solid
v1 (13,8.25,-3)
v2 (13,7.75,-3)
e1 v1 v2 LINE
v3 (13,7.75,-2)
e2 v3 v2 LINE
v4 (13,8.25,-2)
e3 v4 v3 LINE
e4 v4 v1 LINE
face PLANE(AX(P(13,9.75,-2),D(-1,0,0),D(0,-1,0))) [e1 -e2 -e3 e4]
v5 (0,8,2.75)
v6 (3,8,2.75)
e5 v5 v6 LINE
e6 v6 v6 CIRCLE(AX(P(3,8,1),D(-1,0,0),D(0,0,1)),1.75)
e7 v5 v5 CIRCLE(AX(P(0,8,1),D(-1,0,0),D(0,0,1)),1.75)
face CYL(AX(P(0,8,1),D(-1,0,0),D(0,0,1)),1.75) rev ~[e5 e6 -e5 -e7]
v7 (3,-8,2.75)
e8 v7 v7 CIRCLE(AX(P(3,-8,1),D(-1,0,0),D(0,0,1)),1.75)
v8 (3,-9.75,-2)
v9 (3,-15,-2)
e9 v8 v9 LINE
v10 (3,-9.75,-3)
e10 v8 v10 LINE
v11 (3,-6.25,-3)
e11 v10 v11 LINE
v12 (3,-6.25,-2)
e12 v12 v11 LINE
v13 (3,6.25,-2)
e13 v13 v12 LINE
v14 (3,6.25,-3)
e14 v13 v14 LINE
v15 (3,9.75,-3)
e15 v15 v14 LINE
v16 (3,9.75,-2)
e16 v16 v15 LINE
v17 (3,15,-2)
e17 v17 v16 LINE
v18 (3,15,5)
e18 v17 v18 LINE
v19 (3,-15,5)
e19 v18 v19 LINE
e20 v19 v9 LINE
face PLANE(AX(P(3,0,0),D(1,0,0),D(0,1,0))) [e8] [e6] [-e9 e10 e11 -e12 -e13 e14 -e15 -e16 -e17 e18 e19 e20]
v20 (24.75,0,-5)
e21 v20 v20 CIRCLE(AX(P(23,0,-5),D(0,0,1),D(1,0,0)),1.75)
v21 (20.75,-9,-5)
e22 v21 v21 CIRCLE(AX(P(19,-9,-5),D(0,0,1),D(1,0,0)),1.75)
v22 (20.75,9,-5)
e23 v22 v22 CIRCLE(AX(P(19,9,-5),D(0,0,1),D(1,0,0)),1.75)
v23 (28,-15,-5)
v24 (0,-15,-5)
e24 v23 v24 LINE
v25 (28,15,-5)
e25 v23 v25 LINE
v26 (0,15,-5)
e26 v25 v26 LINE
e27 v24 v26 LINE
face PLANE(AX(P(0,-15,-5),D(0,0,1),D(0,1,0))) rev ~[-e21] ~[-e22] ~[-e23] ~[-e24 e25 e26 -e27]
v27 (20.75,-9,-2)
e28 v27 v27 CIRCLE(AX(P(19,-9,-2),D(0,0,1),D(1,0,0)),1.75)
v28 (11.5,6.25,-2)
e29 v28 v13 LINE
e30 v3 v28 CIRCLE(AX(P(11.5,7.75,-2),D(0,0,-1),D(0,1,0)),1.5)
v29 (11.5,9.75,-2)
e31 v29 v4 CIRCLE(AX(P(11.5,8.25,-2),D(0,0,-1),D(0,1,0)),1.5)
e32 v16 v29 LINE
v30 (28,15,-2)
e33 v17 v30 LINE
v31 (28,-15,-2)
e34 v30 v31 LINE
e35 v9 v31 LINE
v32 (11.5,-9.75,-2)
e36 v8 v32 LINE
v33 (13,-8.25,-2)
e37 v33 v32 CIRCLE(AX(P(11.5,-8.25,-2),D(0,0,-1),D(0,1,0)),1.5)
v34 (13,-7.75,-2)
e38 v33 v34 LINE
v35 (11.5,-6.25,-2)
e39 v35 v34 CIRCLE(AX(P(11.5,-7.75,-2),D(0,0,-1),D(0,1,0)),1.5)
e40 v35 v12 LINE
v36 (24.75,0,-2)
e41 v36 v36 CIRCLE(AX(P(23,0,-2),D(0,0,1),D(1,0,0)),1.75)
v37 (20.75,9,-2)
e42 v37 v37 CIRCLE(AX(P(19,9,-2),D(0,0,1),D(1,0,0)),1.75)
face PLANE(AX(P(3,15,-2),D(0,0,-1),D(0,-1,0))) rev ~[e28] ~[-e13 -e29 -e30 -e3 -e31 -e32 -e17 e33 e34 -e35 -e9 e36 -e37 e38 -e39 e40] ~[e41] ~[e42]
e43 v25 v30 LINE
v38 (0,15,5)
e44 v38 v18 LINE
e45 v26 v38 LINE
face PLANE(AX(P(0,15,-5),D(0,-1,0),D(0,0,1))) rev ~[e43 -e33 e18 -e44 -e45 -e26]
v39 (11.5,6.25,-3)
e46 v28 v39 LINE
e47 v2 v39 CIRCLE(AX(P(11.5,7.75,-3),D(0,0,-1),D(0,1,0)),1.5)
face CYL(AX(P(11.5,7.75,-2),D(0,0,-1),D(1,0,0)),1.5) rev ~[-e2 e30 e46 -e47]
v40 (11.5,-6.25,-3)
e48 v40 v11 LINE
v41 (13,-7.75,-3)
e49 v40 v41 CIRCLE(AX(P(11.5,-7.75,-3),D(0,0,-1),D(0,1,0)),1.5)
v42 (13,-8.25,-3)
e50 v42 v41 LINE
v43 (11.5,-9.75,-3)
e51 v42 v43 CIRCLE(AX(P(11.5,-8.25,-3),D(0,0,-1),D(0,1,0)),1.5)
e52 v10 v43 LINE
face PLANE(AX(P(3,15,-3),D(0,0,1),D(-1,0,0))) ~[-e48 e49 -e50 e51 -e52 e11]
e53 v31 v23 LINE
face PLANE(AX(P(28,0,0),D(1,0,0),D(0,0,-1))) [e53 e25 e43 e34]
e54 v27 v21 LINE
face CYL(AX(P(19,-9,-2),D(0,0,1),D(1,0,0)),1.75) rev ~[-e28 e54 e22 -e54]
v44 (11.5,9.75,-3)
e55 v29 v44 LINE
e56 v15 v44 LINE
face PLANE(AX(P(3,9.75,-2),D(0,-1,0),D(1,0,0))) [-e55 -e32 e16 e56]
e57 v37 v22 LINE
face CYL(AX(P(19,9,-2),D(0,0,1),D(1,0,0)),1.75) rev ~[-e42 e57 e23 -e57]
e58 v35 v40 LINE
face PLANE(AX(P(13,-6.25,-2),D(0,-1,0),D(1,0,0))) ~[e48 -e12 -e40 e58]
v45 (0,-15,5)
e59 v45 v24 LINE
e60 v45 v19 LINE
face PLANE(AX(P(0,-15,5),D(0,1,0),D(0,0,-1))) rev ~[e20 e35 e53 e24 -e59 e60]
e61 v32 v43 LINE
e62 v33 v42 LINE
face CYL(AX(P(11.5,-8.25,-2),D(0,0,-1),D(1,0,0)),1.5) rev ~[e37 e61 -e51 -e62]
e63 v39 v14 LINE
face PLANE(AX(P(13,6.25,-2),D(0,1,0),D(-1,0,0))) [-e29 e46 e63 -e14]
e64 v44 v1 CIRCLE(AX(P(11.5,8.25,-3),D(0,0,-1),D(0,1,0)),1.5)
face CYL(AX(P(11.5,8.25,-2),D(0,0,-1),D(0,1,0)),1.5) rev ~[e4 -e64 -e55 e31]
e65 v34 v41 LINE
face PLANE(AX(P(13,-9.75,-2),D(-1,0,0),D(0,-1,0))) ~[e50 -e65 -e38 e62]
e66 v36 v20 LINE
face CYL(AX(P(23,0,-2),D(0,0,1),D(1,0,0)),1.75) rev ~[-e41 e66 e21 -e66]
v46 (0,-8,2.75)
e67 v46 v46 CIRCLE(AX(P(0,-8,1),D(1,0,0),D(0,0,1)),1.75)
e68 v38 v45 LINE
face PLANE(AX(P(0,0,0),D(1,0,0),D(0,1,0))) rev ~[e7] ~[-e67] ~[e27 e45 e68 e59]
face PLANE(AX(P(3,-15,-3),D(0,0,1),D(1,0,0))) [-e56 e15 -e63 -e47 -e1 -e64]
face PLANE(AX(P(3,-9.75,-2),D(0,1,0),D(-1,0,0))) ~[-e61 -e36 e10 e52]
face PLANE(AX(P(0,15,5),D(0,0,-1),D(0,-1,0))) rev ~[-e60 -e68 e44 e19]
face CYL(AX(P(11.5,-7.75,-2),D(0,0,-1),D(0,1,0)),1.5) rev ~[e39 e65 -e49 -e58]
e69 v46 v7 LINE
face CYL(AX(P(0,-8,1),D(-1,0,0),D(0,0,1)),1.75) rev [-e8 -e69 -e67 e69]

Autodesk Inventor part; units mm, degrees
ref_plane "YZ Plane" through (0, 0, 0) normal (1, 0, 0) x (0, 1, 0)
ref_plane "XZ Plane" through (0, 0, 0) normal (0, 1, 0) x (-1, 0, 0)
ref_plane "XY Plane" through (0, 0, 0) normal (0, 0, 1) x (1, 0, 0)
sketch "Sketch1" plane through (0, 0, 0) normal (1, 0, 0) x (0, 1, 0)
  point P0 (0, 0)
sketch "Sketch2" plane through (0, 0, 0) normal (1, 0, 0) x (0, 1, 0)
  line L0 (15, 5) -> (-15, 5)
  line L1 (-15, 5) -> (-15, -5)
  line L2 (-15, -5) -> (15, -5)
  line L3 (15, -5) -> (15, 5)
  point P0 (0, 0)
  dimension "d0" = 10
  dimension "d1" = 30
  dimension "d2" = 15
  dimension "d3" = 5
extrude "Extrusion1" add sketch "Sketch2" along normal blind 3
sketch "Sketch3" plane through (3, 0, 0) normal (1, 0, 0) x (0, 0, -1)
  line L0 (5, -15) -> (5, 15) projected
  line L1 (-5, -15) -> (5, -15) projected
  line L2 (5, 15) -> (2, 15)
  line L3 (2, 15) -> (2, -15)
  line L4 (2, -15) -> (5, -15)
  line L5 (5, -15) -> (5, 15)
  dimension "d16" = 3
sketch "Sketch4" plane through (0, 0, 0) normal (-1, 0, 0) x (0, 0, 1)
  circle A0 centre (1, 8) radius 1.75
  line L0 (5, 15) -> (5, -15) projected
  line L1 (-5, 15) -> (5, 15) projected
  dimension "d19" = 4
  dimension "d23" = 3.5
  dimension "d27" = 7
extrude "Extrusion4" add sketch "Sketch3" along normal blind 25
extrude "Extrusion5" cut sketch "Sketch4" against normal blind 25
mirror "Mirror1" about plane through (0, 0, 0) normal (0, 1, 0) of "Extrusion5"
sketch "Sketch5" plane through (3, -15, -2) normal (0, 0, 1) x (1, 0, 0)
  line L0 (0, 30) -> (0, 0) projected
  line L1 (0, 24.75) -> (10, 24.75)
  line L2 (10, 24.75) -> (10, 21.25)
  line L3 (10, 21.25) -> (0, 21.25)
  line L4 (0, 21.25) -> (0, 24.75)
  line L5 (0, 30) -> (25, 30) projected
  point P0 (-3, 15)
  point P1 (0, 21.25)
  dimension "d24" = 5.25
  dimension "d25" = 3.5
  dimension "d26" = 10
extrude "Extrusion6" cut sketch "Sketch5" against normal blind 1
fillet "Fillet2" radius 1.5 2 edges at (13, 9.75, -2.5) (13, 6.25, -2.5)
mirror "Mirror2" about plane through (0, 0, 0) normal (0, 1, 0) of "Extrusion6", "Fillet2"
sketch "Sketch6" plane through (3, -15, -2) normal (0, 0, 1) x (1, 0, 0)
  circle A0 centre (16, 24) radius 1.75
  circle A1 centre (20, 15) radius 1.75
  circle A2 centre (16, 6) radius 1.75
  line L0 (0, 30) -> (25, 30) projected
  line L1 (0, 0) -> (25, 0) projected
  line L2 (0, 30) -> (0, 0) projected
  line L3 (25, 30) -> (25, 0) projected
  point P0 (-3, 15)
  dimension "d31" = 3.5
  dimension "d32" = 3.5
  dimension "d33" = 3.5
  dimension "d34" = 6
  dimension "d35" = 6
  dimension "d36" = 15
  dimension "d40" = 9
  dimension "d41" = 5
  dimension "d42" = 9
extrude "Extrusion7" cut sketch "Sketch6" against normal blind 9 contours A0 | A1 | A2
properties part number "POUPLY_P4_V3"
